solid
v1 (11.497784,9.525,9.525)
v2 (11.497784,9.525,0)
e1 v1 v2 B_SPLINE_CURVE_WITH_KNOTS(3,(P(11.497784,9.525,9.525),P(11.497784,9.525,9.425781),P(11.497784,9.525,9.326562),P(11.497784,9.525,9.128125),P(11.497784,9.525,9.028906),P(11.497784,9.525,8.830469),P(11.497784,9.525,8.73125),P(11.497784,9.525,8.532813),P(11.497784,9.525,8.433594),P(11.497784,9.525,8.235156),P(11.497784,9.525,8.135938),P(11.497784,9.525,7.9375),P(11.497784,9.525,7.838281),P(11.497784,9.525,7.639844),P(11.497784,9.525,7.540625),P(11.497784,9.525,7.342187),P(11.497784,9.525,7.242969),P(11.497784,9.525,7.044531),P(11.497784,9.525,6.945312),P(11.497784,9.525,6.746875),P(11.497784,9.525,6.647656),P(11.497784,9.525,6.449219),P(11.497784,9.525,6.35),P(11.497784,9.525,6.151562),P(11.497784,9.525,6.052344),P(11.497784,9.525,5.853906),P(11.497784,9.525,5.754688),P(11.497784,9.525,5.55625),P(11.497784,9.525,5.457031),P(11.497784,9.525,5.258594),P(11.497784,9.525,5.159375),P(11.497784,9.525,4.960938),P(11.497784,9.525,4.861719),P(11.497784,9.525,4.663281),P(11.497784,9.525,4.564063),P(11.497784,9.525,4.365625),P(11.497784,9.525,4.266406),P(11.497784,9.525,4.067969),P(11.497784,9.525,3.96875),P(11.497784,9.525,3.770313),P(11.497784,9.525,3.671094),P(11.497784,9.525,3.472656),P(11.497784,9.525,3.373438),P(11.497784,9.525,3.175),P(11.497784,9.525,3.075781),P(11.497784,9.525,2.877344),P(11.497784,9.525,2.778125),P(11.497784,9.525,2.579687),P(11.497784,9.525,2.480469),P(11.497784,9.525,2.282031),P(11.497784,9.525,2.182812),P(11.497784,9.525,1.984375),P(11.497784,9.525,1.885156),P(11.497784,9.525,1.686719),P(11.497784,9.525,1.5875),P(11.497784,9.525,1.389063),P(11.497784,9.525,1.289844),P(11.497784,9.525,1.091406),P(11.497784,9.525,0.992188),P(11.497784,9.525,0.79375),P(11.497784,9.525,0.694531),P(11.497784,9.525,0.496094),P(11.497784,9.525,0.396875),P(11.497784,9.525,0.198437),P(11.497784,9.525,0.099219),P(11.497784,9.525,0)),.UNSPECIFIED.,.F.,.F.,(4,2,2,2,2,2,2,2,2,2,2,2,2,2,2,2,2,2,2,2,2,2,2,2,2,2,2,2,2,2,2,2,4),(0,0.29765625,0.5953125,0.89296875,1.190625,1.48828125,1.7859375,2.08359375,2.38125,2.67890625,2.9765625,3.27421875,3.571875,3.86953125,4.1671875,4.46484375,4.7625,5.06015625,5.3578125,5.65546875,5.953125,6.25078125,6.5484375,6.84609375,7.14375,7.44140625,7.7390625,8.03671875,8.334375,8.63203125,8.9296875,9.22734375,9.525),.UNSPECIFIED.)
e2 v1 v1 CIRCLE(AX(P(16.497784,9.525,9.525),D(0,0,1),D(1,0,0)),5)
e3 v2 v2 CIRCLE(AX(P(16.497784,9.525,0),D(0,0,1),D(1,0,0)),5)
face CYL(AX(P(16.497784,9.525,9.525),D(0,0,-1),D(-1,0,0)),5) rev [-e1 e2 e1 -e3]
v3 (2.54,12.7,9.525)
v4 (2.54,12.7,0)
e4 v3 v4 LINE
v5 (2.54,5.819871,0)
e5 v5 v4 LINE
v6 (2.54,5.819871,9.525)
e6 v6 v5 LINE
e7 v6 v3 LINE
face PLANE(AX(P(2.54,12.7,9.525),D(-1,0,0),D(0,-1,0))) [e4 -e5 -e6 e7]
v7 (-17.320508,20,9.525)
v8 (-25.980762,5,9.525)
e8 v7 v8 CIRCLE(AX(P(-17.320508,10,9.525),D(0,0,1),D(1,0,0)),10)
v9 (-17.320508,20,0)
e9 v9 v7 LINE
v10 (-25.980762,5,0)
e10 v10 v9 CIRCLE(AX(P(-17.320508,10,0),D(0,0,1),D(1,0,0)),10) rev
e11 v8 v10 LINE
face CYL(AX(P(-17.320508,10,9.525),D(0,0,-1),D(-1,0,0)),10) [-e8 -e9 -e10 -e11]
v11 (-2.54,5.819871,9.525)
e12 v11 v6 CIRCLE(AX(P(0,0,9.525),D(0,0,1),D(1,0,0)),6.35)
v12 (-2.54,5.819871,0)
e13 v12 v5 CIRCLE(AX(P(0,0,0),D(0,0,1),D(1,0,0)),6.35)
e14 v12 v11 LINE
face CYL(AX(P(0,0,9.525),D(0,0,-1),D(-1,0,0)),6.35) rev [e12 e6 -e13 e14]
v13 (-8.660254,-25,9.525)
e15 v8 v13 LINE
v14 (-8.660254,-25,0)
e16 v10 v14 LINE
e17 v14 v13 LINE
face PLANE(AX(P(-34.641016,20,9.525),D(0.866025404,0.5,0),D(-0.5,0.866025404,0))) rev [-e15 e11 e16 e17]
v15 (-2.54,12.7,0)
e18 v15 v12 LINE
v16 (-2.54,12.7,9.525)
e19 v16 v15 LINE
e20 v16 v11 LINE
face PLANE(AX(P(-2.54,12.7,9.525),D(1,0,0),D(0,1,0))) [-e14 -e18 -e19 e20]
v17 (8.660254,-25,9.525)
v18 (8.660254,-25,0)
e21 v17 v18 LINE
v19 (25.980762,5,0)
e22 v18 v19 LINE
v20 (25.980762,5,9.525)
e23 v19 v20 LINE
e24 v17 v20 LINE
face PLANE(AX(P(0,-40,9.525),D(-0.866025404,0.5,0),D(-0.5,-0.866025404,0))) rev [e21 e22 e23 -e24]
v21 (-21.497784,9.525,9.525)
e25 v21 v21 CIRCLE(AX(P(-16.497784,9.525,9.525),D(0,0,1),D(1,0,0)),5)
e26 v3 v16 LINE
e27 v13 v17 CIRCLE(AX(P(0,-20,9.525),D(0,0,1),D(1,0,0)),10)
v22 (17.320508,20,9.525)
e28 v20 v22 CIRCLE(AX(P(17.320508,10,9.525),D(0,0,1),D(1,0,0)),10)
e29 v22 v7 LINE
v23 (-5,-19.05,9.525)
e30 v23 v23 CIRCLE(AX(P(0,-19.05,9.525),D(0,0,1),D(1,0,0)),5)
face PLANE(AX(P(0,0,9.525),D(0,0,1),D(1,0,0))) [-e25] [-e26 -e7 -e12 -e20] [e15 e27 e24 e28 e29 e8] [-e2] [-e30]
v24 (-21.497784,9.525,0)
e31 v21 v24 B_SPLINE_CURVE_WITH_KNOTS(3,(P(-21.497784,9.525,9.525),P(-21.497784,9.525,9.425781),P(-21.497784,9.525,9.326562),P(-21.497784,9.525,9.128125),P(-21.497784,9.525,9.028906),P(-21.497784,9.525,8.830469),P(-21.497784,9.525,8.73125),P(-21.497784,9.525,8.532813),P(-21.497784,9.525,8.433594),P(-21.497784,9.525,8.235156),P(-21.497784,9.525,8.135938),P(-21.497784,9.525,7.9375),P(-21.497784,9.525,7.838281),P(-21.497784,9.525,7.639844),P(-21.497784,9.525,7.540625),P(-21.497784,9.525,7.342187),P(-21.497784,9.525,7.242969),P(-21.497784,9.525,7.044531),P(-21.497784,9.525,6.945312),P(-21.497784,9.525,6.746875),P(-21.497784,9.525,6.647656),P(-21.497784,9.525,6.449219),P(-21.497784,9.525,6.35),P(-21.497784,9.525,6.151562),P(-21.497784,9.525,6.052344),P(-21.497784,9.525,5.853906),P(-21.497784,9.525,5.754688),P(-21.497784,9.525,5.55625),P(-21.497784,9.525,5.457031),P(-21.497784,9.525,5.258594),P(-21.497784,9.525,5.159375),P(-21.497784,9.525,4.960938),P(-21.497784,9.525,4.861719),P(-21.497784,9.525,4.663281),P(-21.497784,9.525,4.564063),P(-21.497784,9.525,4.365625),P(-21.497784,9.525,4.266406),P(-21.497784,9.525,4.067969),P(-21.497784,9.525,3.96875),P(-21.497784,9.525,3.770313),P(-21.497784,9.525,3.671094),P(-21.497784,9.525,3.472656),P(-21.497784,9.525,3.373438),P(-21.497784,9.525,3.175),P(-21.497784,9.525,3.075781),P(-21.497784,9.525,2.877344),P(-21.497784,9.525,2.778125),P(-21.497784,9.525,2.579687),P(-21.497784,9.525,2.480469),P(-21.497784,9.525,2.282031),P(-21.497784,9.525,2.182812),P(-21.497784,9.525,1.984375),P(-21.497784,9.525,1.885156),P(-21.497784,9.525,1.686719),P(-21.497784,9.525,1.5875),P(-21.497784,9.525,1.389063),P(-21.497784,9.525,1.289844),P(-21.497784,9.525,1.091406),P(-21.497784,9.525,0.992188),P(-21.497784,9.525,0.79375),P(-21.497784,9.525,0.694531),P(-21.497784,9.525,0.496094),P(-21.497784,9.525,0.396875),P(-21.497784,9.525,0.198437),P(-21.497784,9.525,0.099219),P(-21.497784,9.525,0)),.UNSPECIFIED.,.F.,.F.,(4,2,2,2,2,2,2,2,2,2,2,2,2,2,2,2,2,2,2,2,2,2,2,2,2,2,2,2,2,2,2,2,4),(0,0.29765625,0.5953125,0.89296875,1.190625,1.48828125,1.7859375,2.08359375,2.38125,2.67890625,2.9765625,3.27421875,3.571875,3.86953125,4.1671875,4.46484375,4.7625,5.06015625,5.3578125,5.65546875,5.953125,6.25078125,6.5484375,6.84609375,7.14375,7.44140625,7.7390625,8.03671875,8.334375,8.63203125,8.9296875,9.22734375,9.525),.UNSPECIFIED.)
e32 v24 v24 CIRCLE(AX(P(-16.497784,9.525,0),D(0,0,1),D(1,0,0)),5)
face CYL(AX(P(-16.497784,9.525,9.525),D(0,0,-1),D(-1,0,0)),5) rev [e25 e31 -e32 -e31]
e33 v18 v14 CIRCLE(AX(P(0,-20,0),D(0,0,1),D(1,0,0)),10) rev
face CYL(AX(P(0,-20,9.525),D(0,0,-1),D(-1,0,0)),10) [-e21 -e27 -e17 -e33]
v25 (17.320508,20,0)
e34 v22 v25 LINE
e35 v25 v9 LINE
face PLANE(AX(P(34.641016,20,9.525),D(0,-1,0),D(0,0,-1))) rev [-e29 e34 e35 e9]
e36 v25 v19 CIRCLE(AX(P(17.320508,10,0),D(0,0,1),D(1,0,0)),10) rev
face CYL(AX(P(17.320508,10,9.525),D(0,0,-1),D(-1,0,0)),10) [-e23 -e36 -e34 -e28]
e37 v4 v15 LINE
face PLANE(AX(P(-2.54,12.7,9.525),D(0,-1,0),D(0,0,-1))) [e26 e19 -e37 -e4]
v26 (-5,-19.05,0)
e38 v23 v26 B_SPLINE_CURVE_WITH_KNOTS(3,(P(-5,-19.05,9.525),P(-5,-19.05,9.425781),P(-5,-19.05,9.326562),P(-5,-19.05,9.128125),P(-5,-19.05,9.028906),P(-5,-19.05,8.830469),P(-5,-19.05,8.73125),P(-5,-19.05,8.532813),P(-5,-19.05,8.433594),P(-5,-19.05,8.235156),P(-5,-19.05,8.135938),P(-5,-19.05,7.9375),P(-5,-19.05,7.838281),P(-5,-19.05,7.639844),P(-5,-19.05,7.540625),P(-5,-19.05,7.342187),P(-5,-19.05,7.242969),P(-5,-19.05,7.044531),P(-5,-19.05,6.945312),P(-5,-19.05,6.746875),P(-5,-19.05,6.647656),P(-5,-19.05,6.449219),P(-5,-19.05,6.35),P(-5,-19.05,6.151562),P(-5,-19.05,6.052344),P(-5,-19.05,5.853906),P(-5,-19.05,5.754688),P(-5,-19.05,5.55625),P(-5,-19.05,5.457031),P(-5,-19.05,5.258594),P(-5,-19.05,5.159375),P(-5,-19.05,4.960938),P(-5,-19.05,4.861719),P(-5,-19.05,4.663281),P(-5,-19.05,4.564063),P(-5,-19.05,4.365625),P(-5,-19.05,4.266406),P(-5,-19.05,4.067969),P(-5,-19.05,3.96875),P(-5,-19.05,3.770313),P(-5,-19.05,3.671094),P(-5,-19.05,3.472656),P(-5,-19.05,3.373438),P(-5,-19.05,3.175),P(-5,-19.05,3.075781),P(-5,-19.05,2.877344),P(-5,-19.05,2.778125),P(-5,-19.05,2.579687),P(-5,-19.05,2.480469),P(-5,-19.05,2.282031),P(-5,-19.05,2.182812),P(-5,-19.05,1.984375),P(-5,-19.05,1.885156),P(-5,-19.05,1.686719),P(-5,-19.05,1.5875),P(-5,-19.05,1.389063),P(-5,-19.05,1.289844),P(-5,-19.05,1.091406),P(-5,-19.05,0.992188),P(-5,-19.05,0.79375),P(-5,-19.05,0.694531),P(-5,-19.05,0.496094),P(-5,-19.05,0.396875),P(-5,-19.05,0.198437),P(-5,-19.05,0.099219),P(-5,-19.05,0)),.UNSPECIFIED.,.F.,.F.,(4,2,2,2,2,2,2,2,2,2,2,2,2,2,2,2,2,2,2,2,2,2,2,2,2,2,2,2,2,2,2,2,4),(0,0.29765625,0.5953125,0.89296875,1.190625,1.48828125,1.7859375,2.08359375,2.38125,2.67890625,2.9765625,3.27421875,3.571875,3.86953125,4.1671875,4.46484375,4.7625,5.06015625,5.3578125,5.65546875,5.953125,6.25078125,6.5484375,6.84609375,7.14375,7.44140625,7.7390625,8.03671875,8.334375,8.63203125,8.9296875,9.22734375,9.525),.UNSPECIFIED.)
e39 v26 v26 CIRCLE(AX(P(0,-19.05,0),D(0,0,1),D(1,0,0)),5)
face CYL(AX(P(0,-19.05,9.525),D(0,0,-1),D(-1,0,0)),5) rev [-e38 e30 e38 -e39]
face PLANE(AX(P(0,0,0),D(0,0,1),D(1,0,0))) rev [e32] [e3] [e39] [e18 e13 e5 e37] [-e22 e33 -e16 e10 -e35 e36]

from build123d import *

# Parameters (mm, degrees)
SKETCH2_R           = 6.35
SKETCH2_R_2         = 5
BOSS_EXTRUDE1_DEPTH = 9.525
FILLET1_R           = 10
SKETCH3_W           = 5.08
SKETCH3_H           = 12.7
CUT_EXTRUDE1_DEPTH  = 42.678960958


with BuildPart() as part:
    # Sketch2 → Boss-Extrude1 (new body)
    with BuildSketch(Plane.XY):
        Polygon((-34.641016151, 20), (0, -40), (34.641016151, 20), align=None)
        with Locations(Location((0, 0, 0), (0, 0, 180))):
            Circle(SKETCH2_R, mode=Mode.SUBTRACT)
        with Locations(Location((-16.497783942, 9.525, 0), (0, 0, 180))):
            Circle(SKETCH2_R_2, mode=Mode.SUBTRACT)
        with Locations(Location((16.497783942, 9.525, 0), (0, 0, 180))):
            Circle(SKETCH2_R_2, mode=Mode.SUBTRACT)
        with Locations(Location((0, -19.05, 0), (0, 0, 180))):
            Circle(SKETCH2_R_2, mode=Mode.SUBTRACT)
    extrude(amount=BOSS_EXTRUDE1_DEPTH)

    # Fillet1
    fillet1_edges = [part.edges().sort_by_distance(p)[0] for p in [
        (34.641016151, 20, 4.7625),
        (0, -40, 4.7625),
        (-34.641016151, 20, 4.7625),
    ]]
    fillet(fillet1_edges, radius=FILLET1_R)

    # Sketch3 → Cut-Extrude1 (cut, through all)
    with BuildSketch(Plane.XY):
        with Locations((0, 6.35)):
            Rectangle(SKETCH3_W, SKETCH3_H)
    extrude(amount=CUT_EXTRUDE1_DEPTH, mode=Mode.SUBTRACT)


solid = part.part
